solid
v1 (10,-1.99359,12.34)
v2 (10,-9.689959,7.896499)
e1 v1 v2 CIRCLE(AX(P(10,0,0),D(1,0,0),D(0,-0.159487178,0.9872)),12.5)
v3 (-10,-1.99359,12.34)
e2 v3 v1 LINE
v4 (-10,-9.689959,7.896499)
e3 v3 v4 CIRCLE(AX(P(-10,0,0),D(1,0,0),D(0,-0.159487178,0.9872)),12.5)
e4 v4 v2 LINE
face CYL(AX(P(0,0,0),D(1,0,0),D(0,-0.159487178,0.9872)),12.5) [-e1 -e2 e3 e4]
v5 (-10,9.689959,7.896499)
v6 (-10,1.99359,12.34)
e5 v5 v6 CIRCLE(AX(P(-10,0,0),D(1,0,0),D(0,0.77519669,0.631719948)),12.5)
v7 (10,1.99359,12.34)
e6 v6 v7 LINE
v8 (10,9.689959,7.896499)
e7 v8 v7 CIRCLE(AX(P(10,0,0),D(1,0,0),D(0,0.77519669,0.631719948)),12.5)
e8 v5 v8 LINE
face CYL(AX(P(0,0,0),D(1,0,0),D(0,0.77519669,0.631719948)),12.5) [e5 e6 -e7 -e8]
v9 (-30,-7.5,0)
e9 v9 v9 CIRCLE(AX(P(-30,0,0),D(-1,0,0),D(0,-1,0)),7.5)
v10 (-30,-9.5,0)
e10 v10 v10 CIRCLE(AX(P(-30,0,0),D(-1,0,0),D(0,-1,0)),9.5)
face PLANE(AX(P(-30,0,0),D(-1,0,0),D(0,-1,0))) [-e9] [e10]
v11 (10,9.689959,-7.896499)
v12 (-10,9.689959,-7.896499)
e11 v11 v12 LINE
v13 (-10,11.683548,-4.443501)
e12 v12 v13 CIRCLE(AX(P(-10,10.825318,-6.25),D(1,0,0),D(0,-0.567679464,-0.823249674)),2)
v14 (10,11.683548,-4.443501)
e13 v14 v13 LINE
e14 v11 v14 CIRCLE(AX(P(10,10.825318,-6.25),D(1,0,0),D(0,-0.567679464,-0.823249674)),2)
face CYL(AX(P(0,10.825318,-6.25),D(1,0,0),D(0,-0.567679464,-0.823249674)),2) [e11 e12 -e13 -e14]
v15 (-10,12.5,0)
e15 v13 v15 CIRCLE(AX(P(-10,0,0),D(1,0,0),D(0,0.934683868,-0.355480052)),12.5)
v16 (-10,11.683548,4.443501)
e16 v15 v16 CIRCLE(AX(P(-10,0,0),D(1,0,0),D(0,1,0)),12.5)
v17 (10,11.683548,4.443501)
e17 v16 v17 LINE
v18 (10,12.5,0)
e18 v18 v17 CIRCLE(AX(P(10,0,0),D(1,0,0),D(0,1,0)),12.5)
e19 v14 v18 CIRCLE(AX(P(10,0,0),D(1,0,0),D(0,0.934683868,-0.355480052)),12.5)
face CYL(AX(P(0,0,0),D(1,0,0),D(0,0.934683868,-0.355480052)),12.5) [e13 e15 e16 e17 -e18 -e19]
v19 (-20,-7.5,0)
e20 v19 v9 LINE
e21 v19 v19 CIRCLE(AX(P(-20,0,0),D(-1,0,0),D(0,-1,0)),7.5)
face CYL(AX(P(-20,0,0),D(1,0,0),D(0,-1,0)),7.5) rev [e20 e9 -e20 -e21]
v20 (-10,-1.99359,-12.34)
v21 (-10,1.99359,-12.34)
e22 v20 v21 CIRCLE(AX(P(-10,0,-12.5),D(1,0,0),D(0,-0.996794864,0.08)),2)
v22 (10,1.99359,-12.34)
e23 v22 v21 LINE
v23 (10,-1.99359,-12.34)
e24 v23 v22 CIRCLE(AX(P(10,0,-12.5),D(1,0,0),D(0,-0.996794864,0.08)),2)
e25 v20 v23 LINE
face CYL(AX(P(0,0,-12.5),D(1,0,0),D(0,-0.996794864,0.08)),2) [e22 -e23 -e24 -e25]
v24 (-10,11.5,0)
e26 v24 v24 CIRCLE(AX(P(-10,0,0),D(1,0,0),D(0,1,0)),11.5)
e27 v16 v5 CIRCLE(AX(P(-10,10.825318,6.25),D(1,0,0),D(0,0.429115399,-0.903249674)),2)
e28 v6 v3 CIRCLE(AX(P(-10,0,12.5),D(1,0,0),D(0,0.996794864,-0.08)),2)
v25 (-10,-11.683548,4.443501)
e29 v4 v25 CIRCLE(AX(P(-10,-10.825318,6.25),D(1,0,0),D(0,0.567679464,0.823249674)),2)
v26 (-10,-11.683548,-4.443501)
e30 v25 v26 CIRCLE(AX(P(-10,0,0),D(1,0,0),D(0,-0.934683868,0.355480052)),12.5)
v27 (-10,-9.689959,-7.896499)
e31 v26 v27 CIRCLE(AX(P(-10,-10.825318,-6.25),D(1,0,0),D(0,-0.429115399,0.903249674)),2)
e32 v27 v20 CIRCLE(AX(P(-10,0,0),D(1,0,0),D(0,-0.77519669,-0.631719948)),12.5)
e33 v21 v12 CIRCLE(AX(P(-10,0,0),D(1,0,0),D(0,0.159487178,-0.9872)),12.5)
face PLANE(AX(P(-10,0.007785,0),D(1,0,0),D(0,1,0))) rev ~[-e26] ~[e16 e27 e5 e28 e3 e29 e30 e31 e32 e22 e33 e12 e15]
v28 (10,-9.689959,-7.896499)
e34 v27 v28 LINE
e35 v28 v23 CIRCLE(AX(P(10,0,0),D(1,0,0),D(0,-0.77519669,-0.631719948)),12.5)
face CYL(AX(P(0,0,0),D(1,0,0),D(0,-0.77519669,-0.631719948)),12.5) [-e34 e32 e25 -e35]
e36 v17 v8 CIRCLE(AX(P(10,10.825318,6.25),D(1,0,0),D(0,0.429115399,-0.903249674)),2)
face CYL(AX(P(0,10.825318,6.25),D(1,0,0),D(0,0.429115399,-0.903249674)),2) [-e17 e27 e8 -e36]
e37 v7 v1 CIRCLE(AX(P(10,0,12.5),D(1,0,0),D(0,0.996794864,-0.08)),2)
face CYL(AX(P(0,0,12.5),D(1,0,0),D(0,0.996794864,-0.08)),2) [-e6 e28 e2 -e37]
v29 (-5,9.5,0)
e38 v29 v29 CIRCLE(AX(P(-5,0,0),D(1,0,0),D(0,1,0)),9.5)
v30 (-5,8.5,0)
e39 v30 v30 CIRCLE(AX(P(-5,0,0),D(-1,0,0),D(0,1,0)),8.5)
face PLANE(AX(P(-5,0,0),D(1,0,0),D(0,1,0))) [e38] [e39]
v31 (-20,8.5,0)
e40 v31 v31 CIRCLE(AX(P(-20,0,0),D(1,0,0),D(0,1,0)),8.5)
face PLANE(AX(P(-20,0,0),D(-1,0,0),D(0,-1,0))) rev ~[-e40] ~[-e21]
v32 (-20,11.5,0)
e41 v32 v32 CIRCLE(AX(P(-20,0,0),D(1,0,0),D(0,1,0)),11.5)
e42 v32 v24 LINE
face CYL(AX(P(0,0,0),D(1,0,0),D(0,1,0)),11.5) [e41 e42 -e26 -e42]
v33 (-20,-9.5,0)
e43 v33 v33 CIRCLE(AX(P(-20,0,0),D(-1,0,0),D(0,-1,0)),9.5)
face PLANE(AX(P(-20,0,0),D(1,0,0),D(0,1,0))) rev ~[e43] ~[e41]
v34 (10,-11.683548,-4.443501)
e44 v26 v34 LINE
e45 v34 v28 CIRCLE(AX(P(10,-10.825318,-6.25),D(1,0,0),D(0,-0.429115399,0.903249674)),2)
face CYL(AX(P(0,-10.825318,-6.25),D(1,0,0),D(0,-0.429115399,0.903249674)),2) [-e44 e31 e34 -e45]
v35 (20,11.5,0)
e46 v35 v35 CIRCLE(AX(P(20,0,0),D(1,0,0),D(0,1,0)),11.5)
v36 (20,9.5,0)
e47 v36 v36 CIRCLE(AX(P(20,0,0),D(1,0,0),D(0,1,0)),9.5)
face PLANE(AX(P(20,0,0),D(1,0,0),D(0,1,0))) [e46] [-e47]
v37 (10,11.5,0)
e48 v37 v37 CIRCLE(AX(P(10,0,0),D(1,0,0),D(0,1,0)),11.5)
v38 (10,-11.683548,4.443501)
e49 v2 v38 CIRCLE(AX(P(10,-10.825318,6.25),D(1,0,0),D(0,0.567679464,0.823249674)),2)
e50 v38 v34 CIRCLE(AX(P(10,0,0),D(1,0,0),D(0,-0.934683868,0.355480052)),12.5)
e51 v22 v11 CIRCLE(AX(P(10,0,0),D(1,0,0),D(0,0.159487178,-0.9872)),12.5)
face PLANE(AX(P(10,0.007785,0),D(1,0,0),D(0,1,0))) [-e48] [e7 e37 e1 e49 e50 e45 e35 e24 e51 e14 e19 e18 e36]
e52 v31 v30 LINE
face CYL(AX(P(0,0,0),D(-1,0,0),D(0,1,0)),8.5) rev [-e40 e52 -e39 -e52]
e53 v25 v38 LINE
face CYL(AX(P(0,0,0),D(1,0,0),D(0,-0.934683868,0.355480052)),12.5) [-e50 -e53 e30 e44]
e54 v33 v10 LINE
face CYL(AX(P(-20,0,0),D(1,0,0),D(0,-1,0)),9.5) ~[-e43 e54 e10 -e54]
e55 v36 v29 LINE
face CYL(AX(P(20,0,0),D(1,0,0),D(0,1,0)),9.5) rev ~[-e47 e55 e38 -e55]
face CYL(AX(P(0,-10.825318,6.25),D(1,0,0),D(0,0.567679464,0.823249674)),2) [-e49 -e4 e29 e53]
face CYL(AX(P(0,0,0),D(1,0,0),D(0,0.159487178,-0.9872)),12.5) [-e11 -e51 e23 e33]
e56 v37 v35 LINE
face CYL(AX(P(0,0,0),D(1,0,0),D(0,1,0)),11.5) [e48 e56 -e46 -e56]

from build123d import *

# Parameters (mm, degrees)
F0_R     = 8.5
F1_DEPTH = 10
F2_R     = 11.5
F2_R_2   = 8.5
F3_DEPTH = 20
F4_R     = 9.5
F4_R_2   = 7.5
F5_DEPTH = 10
F6_R     = 9.5
F7_DEPTH = 25


with BuildPart() as f1:
    # F0 (on Right) → F1 (new body, symmetric)
    with BuildSketch(Plane.YZ):
        with BuildLine():
            ThreePointArc((11.6835483463, -4.4435006516), (12.2941928228, -2.2589428581), (12.5, 0))
            ThreePointArc((12.5, 0), (12.2941928228, 2.2589428581), (11.6835483463, 4.4435006516))
            ThreePointArc((11.6835483463, 4.4435006516), (10.8253175473, 6.25), (9.6899586191, 7.8964993484))
            ThreePointArc((9.6899586191, 7.8964993484), (6.25, 10.8253175473), (1.9935897271, 12.34))
            ThreePointArc((1.9935897271, 12.34), (0, 12.5), (-1.9935897271, 12.34))
            ThreePointArc((-1.9935897271, 12.34), (-6.25, 10.8253175473), (-9.6899586191, 7.8964993484))
            ThreePointArc((-9.6899586191, 7.8964993484), (-10.8253175473, 6.25), (-11.6835483463, 4.4435006516))
            ThreePointArc((-11.6835483463, 4.4435006516), (-12.5, 0), (-11.6835483463, -4.4435006516))
            ThreePointArc((-11.6835483463, -4.4435006516), (-10.8253175473, -6.25), (-9.6899586191, -7.8964993484))
            ThreePointArc((-9.6899586191, -7.8964993484), (-6.25, -10.8253175473), (-1.9935897271, -12.34))
            ThreePointArc((-1.9935897271, -12.34), (0, -12.5), (1.9935897271, -12.34))
            ThreePointArc((1.9935897271, -12.34), (6.25, -10.8253175473), (9.6899586191, -7.8964993484))
            ThreePointArc((9.6899586191, -7.8964993484), (10.8253175473, -6.25), (11.6835483463, -4.4435006516))
        make_face()
        Circle(F0_R, mode=Mode.SUBTRACT)
        with BuildLine():
            ThreePointArc((9.6899586191, 7.8964993484), (10.8253175473, 6.25), (11.6835483463, 4.4435006516))
            ThreePointArc((11.6835483463, 4.4435006516), (12.5573683549, 7.25), (9.6899586191, 7.8964993484))
        make_face()
        with BuildLine():
            ThreePointArc((9.6899586191, -7.8964993484), (12.5573683549, -7.25), (11.6835483463, -4.4435006516))
            ThreePointArc((11.6835483463, -4.4435006516), (10.8253175473, -6.25), (9.6899586191, -7.8964993484))
        make_face()
        with BuildLine():
            ThreePointArc((-1.9935897271, 12.34), (0, 12.5), (1.9935897271, 12.34))
            ThreePointArc((1.9935897271, 12.34), (0, 14.5), (-1.9935897271, 12.34))
        make_face()
        with BuildLine():
            ThreePointArc((-1.9935897271, -12.34), (0, -14.5), (1.9935897271, -12.34))
            ThreePointArc((1.9935897271, -12.34), (0, -12.5), (-1.9935897271, -12.34))
        make_face()
        with BuildLine():
            ThreePointArc((-11.6835483463, 4.4435006516), (-10.8253175473, 6.25), (-9.6899586191, 7.8964993484))
            ThreePointArc((-9.6899586191, 7.8964993484), (-12.5573683549, 7.25), (-11.6835483463, 4.4435006516))
        make_face()
        with BuildLine():
            ThreePointArc((-11.6835483463, -4.4435006516), (-12.5573683549, -7.25), (-9.6899586191, -7.8964993484))
            ThreePointArc((-9.6899586191, -7.8964993484), (-10.8253175473, -6.25), (-11.6835483463, -4.4435006516))
        make_face()
    extrude(amount=F1_DEPTH, both=True)

    # F2 (on Right) → F3 (join, symmetric)
    with BuildSketch(Plane.YZ):
        Circle(F2_R)
        Circle(F2_R_2, mode=Mode.SUBTRACT)
    extrude(amount=F3_DEPTH, both=True)

    # F4 (on face) → F5 (join)
    with BuildSketch(Plane(origin=(-20, 0, 0), x_dir=(0, -1, 0), z_dir=(-1, 0, 0))):
        Circle(F4_R)
        Circle(F4_R_2, mode=Mode.SUBTRACT)
    extrude(amount=F5_DEPTH)

    # F6 (on face) → F7 (cut)
    with BuildSketch(Plane.YZ.offset(20)):
        Circle(F6_R)
    extrude(amount=-F7_DEPTH, mode=Mode.SUBTRACT)


solid = f1.part
